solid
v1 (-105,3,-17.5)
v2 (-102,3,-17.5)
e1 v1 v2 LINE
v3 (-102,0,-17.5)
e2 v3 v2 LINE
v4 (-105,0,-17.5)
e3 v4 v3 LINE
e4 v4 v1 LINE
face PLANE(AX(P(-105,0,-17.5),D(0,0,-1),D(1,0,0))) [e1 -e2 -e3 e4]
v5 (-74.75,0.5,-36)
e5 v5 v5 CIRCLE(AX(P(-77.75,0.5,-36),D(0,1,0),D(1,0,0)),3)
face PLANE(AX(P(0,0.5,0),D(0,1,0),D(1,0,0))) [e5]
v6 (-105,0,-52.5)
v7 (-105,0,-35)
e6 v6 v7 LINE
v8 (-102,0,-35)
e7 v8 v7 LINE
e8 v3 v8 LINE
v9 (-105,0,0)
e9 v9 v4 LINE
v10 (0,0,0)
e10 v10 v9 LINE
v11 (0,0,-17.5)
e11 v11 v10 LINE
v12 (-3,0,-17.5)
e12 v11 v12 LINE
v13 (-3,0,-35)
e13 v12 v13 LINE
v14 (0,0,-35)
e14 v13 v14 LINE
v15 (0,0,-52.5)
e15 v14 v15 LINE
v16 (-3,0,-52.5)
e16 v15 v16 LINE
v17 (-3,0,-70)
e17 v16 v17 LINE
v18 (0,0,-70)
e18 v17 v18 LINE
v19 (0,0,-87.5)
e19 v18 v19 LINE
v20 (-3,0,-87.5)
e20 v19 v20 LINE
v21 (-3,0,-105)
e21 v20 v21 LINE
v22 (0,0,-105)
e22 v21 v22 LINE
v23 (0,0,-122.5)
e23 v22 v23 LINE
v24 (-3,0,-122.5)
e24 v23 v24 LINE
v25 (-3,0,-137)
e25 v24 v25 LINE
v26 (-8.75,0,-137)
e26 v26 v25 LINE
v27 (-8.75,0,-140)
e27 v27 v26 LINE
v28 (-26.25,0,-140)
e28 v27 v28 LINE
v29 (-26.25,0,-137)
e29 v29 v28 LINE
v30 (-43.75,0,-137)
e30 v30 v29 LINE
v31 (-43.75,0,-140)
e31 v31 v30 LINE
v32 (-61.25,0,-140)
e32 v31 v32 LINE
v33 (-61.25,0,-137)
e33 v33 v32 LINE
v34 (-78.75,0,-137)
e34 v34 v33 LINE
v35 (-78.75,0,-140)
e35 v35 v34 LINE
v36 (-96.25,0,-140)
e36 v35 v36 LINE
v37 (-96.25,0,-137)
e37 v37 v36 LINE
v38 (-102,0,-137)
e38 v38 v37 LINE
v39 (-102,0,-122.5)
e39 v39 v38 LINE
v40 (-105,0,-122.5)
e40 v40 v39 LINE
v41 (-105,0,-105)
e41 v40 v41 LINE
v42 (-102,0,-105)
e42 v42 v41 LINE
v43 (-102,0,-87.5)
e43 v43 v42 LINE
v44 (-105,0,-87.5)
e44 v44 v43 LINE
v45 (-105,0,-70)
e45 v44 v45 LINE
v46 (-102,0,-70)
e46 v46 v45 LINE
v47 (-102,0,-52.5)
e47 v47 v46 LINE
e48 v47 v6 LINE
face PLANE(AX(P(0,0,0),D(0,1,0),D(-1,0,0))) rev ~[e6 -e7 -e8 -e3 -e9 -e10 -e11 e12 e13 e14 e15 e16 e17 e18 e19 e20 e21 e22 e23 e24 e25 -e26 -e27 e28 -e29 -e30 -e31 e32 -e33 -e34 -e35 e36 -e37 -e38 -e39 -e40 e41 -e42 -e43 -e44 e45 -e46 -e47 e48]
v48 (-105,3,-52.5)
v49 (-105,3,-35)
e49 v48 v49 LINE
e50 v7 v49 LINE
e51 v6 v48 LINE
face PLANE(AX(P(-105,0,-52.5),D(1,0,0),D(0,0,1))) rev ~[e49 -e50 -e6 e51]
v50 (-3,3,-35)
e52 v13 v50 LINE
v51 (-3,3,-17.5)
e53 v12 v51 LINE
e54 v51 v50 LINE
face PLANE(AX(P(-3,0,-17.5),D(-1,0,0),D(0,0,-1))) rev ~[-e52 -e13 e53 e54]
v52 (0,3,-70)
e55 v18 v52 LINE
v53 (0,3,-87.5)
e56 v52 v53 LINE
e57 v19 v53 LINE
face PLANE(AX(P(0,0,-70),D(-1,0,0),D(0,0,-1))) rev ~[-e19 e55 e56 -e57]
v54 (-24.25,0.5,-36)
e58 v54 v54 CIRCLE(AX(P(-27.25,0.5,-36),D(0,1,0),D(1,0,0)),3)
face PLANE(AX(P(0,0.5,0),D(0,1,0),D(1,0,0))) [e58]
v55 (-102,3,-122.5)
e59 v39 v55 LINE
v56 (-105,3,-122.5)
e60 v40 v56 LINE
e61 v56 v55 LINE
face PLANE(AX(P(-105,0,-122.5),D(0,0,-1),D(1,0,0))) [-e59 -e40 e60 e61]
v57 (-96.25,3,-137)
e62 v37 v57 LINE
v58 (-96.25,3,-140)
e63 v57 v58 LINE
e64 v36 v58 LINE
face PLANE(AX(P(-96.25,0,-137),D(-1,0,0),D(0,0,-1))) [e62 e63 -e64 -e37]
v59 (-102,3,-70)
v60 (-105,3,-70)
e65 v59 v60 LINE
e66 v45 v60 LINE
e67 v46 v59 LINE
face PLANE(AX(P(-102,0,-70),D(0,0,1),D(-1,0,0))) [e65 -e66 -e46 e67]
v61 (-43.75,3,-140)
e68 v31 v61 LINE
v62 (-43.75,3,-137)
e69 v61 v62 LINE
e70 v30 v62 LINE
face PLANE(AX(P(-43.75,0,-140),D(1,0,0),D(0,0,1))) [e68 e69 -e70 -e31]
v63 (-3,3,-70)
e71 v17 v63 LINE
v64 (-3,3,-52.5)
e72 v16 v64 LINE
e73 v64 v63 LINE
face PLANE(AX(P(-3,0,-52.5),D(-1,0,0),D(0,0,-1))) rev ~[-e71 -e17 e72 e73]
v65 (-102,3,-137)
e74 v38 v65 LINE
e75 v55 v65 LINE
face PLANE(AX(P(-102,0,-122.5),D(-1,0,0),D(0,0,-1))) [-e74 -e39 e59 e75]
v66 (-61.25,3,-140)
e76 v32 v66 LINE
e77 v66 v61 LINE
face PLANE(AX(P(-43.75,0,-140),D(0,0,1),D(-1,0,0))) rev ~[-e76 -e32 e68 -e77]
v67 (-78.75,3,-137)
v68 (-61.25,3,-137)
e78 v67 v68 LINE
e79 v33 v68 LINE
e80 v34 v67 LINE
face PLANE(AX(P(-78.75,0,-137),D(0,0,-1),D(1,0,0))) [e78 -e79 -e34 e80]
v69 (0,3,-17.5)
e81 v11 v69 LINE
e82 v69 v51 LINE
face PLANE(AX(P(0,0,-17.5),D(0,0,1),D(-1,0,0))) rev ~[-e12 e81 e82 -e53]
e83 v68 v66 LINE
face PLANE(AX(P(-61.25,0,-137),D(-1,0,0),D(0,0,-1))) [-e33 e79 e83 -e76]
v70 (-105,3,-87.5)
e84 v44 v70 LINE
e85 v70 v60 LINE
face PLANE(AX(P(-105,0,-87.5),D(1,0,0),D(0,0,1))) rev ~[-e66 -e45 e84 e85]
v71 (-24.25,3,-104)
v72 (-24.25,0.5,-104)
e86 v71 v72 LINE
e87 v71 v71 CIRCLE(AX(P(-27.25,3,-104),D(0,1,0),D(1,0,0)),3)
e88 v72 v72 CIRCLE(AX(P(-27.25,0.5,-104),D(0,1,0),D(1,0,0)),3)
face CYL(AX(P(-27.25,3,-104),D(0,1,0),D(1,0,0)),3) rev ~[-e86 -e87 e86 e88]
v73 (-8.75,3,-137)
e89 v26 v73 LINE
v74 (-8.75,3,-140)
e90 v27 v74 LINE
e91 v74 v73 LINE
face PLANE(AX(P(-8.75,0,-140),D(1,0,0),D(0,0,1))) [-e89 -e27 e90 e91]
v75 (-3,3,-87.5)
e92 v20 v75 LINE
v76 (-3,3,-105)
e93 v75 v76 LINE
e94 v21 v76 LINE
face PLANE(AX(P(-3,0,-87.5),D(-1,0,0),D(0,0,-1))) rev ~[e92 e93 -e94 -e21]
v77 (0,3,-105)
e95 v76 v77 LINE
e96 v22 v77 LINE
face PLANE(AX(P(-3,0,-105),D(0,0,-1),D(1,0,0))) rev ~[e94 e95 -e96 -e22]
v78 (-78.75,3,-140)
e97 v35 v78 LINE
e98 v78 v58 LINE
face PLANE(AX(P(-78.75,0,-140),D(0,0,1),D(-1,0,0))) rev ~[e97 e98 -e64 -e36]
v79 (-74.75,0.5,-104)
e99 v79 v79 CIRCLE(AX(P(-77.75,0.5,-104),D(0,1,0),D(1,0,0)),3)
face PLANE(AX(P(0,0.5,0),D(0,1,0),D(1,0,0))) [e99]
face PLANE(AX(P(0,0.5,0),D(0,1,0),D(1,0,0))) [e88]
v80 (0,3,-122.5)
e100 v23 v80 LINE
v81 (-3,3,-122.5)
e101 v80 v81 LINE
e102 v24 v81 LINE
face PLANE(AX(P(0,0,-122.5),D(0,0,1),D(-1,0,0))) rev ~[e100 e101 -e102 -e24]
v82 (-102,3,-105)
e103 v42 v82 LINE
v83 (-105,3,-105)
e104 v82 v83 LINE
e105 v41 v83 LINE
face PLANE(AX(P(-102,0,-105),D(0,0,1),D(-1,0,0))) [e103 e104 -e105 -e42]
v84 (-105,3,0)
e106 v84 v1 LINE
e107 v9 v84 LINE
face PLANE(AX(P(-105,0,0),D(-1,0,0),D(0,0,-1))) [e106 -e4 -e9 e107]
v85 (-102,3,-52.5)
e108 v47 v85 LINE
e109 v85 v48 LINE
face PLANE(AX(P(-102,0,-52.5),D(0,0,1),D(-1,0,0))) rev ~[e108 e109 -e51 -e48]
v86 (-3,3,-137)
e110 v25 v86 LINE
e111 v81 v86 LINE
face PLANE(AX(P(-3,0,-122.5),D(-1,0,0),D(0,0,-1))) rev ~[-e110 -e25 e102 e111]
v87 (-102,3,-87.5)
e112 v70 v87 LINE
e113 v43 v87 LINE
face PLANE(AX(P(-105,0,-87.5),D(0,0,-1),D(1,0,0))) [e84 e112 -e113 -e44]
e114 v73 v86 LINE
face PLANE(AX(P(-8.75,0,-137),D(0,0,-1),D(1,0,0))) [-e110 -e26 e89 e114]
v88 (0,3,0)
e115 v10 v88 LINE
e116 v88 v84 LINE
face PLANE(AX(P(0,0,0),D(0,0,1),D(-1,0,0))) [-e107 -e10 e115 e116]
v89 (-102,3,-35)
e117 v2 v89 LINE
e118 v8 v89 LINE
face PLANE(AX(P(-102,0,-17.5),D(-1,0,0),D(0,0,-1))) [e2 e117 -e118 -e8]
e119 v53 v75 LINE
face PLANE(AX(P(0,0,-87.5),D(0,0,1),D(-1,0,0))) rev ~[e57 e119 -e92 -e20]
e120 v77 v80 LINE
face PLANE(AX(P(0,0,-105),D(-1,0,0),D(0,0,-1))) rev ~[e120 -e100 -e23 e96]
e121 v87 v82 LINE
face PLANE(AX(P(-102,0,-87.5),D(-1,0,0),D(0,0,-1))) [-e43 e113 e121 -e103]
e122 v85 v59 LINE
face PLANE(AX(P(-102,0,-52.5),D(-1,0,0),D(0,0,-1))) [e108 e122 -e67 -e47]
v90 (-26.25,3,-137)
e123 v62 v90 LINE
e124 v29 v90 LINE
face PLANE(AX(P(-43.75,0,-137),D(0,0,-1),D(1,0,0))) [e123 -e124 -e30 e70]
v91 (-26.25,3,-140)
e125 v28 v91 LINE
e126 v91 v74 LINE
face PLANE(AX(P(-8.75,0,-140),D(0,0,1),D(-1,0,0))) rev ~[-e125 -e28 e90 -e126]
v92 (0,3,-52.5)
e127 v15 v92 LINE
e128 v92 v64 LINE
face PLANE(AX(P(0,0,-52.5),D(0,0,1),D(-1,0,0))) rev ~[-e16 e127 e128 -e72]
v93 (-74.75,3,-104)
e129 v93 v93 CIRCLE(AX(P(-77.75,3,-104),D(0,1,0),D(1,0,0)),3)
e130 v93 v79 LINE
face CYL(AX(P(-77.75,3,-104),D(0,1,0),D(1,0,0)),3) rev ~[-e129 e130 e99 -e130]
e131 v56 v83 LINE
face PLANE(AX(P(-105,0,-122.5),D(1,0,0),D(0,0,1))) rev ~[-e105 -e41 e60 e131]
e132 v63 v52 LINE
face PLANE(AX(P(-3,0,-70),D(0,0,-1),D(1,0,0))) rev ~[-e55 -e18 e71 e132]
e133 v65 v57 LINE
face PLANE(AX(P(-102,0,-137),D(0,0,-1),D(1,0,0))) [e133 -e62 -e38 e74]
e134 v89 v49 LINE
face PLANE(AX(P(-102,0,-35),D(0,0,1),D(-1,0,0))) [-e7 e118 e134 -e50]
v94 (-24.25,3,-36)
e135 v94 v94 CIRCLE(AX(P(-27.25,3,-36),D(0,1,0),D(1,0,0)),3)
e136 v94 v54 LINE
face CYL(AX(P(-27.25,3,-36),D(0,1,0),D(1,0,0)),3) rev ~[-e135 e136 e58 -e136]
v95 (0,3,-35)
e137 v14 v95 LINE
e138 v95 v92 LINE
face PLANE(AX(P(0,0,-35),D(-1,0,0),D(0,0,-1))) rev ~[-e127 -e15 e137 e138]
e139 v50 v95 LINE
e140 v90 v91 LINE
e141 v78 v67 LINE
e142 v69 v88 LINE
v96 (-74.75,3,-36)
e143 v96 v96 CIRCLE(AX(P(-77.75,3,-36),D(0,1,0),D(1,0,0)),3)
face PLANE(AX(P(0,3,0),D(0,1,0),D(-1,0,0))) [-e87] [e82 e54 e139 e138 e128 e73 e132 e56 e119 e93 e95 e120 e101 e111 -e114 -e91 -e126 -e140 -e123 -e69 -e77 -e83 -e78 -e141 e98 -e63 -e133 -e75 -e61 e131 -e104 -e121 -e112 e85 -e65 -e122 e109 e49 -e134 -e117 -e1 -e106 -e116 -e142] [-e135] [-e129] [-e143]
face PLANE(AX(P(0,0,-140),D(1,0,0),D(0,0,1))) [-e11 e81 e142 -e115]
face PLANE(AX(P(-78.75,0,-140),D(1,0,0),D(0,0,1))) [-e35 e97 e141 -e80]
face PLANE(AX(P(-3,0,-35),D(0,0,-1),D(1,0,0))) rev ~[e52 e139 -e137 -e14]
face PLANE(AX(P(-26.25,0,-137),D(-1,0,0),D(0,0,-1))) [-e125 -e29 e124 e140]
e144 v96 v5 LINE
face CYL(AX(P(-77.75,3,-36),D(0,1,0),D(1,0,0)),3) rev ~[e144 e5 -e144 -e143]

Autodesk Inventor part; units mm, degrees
ref_plane "YZ Plane" through (0, 0, 0) normal (1, 0, 0) x (0, 1, 0)
ref_plane "XZ Plane" through (0, 0, 0) normal (0, 1, 0) x (-1, 0, 0)
ref_plane "XY Plane" through (0, 0, 0) normal (0, 0, 1) x (1, 0, 0)
sketch "Sketch2" plane through (0, 0, 0) normal (0, 1, 0) x (-1, 0, 0)
  line L0 (0, 0) -> (105, 0)
  line L1 (105, 0) -> (105, -140)
  line L2 (105, -140) -> (0, -140)
  line L3 (0, -140) -> (0, 0)
  point P0 (75, -100)
  dimension "d4" = 105
  dimension "d5" = 140
extrude "Extrusion2" add sketch "Sketch2" along normal blind 3
sketch "Sketch3" plane through (0, 0, 0) normal (0, -1, 0) x (1, 0, 0)
  line L0 (-105, 0) -> (0, 0) projected
  line L1 (-105, -140) -> (-105, 0) projected
  line L2 (0, -17.5) -> (-3, -17.5)
  line L3 (-3, -17.5) -> (-3, -35)
  line L4 (-3, -35) -> (0, -35)
  line L5 (0, -35) -> (0, -52.5)
  line L6 (0, -52.5) -> (-3, -52.5)
  line L7 (-3, -52.5) -> (-3, -70)
  line L8 (-3, -70) -> (0, -70)
  line L9 (0, -70) -> (0, -87.5)
  line L10 (0, -87.5) -> (-3, -87.5)
  line L11 (-3, -87.5) -> (-3, -105)
  line L12 (-3, -105) -> (0, -105)
  line L13 (0, -105) -> (0, -122.5)
  line L14 (0, -122.5) -> (-3, -122.5)
  line L15 (-3, -122.5) -> (-3, -140)
  line L16 (0, -17.5) -> (0, 0)
  line L17 (-105, 0) -> (0, 0) projected
  line L18 (-105, -140) -> (-105, 0) projected
  line L19 (0, 0) -> (-105, 0)
  line L20 (-105, 0) -> (-105, -17.5)
  line L21 (-105, -17.5) -> (-102, -17.5)
  line L22 (-102, -17.5) -> (-102, -35)
  line L23 (-102, -35) -> (-105, -35)
  line L24 (-105, -35) -> (-105, -52.5)
  line L25 (-102, -52.5) -> (-105, -52.5)
  line L26 (-102, -52.5) -> (-102, -70)
  line L27 (-102, -70) -> (-105, -70)
  line L28 (-105, -70) -> (-105, -87.5)
  line L29 (-105, -87.5) -> (-102, -87.5)
  line L30 (-102, -87.5) -> (-102, -105)
  line L31 (-102, -105) -> (-105, -105)
  line L32 (-105, -105) -> (-105, -122.5)
  line L33 (-105, -122.5) -> (-102, -122.5)
  line L34 (-102, -122.5) -> (-102, -137)
  line L35 (0, -140) -> (-105, -140) projected
  line L36 (-105, -122.5) -> (-105, -105)
  line L37 (-102, -137) -> (-96.25, -137)
  line L38 (-96.25, -137) -> (-96.25, -140)
  line L39 (-96.25, -140) -> (-78.75, -140)
  line L40 (-52.5, -140) -> (-35, -140)
  line L41 (-17.5, -140) -> (-3, -140)
  line L42 (-3, -140) -> (-3, -137)
  line L43 (-61.25, -140) -> (-43.75, -140)
  line L44 (-43.75, -140) -> (-43.75, -137)
  line L45 (-43.75, -137) -> (-26.25, -137)
  line L46 (-26.25, -137) -> (-26.25, -140)
  line L47 (-26.25, -140) -> (-8.75, -140)
  line L48 (-8.75, -140) -> (-8.75, -137)
  line L49 (-8.75, -137) -> (-3, -137)
  line L50 (-96.25, -137) -> (-96.25, -140)
  line L51 (-96.25, -140) -> (-78.75, -140)
  line L52 (-78.75, -140) -> (-78.75, -137)
  line L53 (-78.75, -137) -> (-61.25, -137)
  line L54 (-61.25, -137) -> (-61.25, -140)
  line L55 (-61.25, -140) -> (-43.75, -140)
  line L56 (-26.25, -140) -> (-8.75, -140)
  point P0 (-17.5, -137)
  dimension "d51" = 3
  dimension "d52" = 17.5
  dimension "d53" = 17.5
  dimension "d54" = 17.5
  dimension "d55" = 17.5
  dimension "d56" = 17.5
  dimension "d58" = 3
  dimension "d65" = 17.5
  dimension "d66" = 17.5
  dimension "d67" = 17.5
  dimension "d69" = 5.75
  dimension "d70" = 5.75
  dimension "d71" = 17.5
extrude "Extrusion3" cut sketch "Sketch3" against normal blind 3 contours L0 L16 L2 L3 L4 L5 L6 L7 L8 L9 L10 L11 L12 L13 L14 L15 L49 L48 L35 L46 L45 L44 L54 L53 L52 L38 L37 L34 L33 L1 L31 L30 L29 L27 L26 L25 L23 L22 L21 keep common part
sketch "Sketch5" plane through (0, 3, 0) normal (0, 1, 0) x (1, 0, 0)
  circle A0 centre (-27.25, 36) radius 3
  line L0 (0, 0) -> (0, 17.5) projected
  line L1 (0, 0) -> (0, 17.5)
  line L2 (-105, 0) -> (0, 0) projected
  line L3 (0, 0) -> (-17.5, 0)
  circle A1 centre (-77.75, 36) radius 3
  circle A2 centre (-27.25, 104) radius 3
  circle A3 centre (-77.75, 104) radius 3
  line L4 (-3, 122.5) -> (-3, 137) projected
  line L5 (-26.25, 137) -> (-43.75, 137) projected
  line L6 (0, 105) -> (0, 122.5) projected
  line L7 (-8.75, 140) -> (-26.25, 140) projected
  dimension "d72" = 17.5
  dimension "d75" = 50.5
  dimension "d78" = 68
  dimension "d81" = 6
  dimension "d84" = 27.25
  dimension "d85" = 36
extrude "Extrusion4" cut sketch "Sketch5" against normal blind 2.5
properties part number "TableBottom" material "Wood (Cherry)"
